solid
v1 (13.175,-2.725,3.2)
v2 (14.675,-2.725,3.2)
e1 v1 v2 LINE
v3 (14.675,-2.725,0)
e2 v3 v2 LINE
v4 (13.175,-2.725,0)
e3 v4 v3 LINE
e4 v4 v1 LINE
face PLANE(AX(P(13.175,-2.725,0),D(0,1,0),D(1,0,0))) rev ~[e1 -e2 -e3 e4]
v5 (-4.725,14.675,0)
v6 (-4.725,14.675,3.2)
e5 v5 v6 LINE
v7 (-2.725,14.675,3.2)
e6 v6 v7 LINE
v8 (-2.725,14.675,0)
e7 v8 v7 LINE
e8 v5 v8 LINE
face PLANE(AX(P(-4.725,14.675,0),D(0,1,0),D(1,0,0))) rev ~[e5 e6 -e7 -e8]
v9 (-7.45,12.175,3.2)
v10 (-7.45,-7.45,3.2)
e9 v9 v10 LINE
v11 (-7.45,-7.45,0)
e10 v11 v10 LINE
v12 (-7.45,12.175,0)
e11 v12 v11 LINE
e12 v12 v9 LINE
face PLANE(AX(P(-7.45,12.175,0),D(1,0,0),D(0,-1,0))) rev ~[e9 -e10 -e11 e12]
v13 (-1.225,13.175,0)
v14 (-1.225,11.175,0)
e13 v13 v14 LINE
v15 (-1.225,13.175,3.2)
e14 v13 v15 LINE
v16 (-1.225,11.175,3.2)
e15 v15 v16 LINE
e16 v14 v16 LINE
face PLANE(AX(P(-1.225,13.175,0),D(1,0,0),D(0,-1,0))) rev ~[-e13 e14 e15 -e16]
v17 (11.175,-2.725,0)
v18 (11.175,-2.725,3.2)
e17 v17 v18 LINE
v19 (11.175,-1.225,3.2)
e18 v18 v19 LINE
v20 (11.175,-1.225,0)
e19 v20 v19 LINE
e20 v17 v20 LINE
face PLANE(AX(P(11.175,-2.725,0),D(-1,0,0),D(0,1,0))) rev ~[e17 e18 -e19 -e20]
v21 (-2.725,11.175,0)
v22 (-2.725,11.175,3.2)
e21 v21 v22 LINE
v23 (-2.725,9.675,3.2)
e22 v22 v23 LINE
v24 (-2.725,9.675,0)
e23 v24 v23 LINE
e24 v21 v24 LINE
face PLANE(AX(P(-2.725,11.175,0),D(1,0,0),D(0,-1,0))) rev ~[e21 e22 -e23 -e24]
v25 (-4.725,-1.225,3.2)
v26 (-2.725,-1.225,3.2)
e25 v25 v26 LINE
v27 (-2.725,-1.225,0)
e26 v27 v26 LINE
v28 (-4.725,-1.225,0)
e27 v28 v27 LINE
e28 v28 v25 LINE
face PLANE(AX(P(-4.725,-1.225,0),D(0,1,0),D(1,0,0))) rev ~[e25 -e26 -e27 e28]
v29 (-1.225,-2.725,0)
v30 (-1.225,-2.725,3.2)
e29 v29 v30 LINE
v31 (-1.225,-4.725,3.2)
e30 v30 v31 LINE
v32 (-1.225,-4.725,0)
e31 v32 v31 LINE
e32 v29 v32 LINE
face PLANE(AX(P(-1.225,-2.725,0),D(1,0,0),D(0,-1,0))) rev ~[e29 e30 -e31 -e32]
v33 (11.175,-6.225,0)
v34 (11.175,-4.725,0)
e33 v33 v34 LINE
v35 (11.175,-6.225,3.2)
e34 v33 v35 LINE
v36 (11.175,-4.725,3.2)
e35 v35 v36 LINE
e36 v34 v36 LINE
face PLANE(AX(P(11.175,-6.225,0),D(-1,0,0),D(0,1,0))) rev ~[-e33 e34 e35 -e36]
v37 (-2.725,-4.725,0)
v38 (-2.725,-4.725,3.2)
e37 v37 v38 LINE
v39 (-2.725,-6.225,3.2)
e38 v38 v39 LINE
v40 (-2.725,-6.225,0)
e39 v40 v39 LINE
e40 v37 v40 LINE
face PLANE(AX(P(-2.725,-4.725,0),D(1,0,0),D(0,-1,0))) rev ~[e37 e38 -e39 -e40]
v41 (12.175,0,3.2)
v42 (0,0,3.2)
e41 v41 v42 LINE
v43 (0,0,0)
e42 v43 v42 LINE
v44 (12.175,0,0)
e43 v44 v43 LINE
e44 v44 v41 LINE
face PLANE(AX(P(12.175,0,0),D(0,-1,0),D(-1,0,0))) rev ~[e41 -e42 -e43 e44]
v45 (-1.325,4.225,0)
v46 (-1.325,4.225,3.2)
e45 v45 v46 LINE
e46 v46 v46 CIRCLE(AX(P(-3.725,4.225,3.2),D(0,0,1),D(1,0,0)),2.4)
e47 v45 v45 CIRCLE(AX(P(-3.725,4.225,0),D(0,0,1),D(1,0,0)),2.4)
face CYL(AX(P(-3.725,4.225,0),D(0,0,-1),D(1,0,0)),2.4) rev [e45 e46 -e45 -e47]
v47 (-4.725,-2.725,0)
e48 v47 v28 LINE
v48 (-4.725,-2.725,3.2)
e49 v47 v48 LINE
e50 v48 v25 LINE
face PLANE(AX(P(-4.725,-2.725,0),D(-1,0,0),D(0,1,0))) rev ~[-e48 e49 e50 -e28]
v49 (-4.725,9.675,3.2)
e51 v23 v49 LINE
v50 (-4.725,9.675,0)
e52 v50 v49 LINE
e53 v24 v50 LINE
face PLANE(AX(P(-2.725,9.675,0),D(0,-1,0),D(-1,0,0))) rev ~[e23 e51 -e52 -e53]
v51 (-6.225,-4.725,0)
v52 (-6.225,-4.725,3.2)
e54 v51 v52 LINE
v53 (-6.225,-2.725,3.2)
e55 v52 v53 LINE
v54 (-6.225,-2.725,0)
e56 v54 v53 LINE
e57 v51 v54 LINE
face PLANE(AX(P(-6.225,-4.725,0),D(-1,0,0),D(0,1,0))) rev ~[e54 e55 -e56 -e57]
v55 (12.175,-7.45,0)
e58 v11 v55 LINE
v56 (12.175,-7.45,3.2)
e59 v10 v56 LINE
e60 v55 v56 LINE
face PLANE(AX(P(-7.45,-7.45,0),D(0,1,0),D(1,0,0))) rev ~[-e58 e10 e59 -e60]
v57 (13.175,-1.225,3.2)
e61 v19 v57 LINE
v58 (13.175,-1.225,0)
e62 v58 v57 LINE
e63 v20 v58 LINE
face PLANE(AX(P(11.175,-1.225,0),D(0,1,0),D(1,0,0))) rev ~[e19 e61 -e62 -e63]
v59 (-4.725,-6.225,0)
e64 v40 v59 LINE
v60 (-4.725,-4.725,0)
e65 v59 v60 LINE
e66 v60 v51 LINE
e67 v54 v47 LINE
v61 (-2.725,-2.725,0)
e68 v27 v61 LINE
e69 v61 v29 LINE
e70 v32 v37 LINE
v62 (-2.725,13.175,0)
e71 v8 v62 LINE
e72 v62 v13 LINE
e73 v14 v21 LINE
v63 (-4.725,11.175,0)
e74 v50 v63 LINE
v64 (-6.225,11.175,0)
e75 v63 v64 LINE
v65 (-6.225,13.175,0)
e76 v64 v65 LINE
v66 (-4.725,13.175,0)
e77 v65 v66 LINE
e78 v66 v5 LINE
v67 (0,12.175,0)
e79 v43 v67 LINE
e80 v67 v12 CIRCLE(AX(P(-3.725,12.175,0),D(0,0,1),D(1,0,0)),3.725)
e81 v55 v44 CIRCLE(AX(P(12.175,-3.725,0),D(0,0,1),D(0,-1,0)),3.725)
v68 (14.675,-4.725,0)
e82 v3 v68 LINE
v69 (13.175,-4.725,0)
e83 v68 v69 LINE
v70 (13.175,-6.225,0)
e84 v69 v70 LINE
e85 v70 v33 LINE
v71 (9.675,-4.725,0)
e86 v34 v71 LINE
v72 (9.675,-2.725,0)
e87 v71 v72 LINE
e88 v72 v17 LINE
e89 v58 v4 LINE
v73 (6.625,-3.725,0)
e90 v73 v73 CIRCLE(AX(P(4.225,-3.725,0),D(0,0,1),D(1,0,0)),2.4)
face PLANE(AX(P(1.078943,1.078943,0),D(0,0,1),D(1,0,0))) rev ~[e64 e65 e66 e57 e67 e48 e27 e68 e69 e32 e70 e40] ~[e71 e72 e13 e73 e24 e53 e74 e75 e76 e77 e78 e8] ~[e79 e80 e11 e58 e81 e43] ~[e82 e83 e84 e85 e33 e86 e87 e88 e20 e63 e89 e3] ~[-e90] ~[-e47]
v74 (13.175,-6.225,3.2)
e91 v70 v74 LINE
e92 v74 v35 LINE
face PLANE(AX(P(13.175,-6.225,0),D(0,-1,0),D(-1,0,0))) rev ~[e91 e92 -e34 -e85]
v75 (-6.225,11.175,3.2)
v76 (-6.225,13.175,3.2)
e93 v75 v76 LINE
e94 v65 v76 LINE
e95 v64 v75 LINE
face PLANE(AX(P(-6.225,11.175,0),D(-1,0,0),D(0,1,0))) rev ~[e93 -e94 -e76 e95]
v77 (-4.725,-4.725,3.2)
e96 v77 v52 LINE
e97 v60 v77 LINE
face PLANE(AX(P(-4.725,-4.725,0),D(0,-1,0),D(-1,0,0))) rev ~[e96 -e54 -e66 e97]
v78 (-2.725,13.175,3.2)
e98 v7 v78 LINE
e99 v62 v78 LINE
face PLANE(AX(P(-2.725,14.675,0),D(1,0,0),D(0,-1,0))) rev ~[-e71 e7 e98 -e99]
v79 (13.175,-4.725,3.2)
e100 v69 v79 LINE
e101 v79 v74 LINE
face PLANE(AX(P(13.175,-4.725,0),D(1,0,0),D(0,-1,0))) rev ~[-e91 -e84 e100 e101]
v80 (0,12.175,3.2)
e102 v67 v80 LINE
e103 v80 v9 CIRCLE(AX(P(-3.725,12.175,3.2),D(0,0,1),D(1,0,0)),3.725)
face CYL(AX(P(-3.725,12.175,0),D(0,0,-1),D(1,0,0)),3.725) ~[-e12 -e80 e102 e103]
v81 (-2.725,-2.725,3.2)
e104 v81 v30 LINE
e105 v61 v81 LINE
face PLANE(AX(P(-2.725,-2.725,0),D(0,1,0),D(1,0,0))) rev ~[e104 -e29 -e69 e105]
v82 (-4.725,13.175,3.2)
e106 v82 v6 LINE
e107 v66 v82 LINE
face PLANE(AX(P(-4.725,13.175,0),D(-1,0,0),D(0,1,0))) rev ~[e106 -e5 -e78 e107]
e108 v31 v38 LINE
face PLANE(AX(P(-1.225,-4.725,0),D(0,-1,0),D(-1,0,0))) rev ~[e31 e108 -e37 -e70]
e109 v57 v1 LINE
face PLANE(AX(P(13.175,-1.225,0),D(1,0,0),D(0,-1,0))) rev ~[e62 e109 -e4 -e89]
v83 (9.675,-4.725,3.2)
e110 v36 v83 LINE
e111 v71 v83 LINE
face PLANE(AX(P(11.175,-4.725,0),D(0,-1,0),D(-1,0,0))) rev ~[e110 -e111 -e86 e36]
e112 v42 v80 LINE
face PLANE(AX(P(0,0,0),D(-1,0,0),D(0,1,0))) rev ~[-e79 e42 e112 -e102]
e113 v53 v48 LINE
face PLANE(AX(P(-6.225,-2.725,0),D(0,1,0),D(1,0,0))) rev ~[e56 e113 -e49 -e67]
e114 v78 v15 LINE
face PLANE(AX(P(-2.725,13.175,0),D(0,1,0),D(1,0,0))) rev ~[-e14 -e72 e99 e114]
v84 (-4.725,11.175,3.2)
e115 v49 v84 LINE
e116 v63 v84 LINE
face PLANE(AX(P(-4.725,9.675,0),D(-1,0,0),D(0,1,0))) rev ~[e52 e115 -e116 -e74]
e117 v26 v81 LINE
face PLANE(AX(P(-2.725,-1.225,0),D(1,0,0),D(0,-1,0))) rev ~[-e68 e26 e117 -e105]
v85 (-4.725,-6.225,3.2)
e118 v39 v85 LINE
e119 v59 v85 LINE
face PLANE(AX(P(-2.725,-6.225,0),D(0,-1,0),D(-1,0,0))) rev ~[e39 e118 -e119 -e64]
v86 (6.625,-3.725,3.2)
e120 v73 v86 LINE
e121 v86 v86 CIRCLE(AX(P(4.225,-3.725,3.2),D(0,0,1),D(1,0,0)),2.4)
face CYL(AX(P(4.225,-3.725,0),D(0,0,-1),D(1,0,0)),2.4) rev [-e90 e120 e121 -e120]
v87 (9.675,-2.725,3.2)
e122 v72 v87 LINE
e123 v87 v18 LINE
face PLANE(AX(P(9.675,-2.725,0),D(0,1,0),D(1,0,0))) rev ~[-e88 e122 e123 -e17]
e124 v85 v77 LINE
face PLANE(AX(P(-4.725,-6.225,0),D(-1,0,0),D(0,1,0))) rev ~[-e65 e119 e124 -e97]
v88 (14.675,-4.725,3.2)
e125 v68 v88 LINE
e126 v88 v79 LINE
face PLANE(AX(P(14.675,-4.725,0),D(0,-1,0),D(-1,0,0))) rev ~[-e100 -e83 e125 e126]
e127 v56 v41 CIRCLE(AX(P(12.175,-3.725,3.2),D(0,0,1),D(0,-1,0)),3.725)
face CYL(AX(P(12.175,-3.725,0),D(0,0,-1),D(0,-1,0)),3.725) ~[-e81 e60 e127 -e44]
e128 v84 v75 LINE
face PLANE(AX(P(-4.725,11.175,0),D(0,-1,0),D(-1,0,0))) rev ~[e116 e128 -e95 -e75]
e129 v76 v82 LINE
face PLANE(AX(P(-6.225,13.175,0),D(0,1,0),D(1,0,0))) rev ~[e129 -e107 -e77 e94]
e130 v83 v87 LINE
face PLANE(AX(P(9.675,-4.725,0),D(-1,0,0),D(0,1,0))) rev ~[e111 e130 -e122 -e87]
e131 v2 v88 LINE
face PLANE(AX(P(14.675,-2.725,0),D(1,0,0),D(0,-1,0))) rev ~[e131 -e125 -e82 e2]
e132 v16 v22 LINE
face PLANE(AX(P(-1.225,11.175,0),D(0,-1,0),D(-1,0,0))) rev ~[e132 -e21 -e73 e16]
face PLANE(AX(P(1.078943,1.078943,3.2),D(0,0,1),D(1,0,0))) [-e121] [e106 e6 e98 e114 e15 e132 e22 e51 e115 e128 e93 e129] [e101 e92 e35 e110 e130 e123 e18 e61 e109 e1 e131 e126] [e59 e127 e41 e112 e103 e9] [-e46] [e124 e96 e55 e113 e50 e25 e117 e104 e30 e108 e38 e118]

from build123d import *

# Parameters (mm, degrees)
F0_R     = 2.4
F1_DEPTH = 3.2


with BuildPart() as f1:
    # F0 (on Top) → F1 (new body)
    with BuildSketch(Plane.XY):
        with BuildLine():
            ThreePointArc((0, 12.175), (-3.725, 15.9), (-7.45, 12.175))
            Line((-7.45, 12.175), (-7.45, -7.45))
            Line((-7.45, -7.45), (12.175, -7.45))
            ThreePointArc((12.175, -7.45), (15.9, -3.725), (12.175, 0))
            Line((12.175, 0), (0, 0))
            Line((0, 0), (0, 12.175))
        make_face()
        Polygon((-4.725, -2.725), (-4.725, -1.225), (-2.725, -1.225), (-2.725, -2.725), (-1.225, -2.725), (-1.225, -4.725), (-2.725, -4.725), (-2.725, -6.225), (-4.725, -6.225), (-4.725, -4.725), (-6.225, -4.725), (-6.225, -2.725), align=None, mode=Mode.SUBTRACT)
        with Locations((4.225, -3.725)):
            Circle(F0_R, mode=Mode.SUBTRACT)
        Polygon((11.175, -2.725), (11.175, -1.225), (13.175, -1.225), (13.175, -2.725), (14.675, -2.725), (14.675, -4.725), (13.175, -4.725), (13.175, -6.225), (11.175, -6.225), (11.175, -4.725), (9.675, -4.725), (9.675, -2.725), align=None, mode=Mode.SUBTRACT)
        with Locations((-3.725, 4.225)):
            Circle(F0_R, mode=Mode.SUBTRACT)
        Polygon((-4.725, 13.175), (-4.725, 14.675), (-2.725, 14.675), (-2.725, 13.175), (-1.225, 13.175), (-1.225, 11.175), (-2.725, 11.175), (-2.725, 9.675), (-4.725, 9.675), (-4.725, 11.175), (-6.225, 11.175), (-6.225, 13.175), align=None, mode=Mode.SUBTRACT)
    extrude(amount=F1_DEPTH)


solid = f1.part
